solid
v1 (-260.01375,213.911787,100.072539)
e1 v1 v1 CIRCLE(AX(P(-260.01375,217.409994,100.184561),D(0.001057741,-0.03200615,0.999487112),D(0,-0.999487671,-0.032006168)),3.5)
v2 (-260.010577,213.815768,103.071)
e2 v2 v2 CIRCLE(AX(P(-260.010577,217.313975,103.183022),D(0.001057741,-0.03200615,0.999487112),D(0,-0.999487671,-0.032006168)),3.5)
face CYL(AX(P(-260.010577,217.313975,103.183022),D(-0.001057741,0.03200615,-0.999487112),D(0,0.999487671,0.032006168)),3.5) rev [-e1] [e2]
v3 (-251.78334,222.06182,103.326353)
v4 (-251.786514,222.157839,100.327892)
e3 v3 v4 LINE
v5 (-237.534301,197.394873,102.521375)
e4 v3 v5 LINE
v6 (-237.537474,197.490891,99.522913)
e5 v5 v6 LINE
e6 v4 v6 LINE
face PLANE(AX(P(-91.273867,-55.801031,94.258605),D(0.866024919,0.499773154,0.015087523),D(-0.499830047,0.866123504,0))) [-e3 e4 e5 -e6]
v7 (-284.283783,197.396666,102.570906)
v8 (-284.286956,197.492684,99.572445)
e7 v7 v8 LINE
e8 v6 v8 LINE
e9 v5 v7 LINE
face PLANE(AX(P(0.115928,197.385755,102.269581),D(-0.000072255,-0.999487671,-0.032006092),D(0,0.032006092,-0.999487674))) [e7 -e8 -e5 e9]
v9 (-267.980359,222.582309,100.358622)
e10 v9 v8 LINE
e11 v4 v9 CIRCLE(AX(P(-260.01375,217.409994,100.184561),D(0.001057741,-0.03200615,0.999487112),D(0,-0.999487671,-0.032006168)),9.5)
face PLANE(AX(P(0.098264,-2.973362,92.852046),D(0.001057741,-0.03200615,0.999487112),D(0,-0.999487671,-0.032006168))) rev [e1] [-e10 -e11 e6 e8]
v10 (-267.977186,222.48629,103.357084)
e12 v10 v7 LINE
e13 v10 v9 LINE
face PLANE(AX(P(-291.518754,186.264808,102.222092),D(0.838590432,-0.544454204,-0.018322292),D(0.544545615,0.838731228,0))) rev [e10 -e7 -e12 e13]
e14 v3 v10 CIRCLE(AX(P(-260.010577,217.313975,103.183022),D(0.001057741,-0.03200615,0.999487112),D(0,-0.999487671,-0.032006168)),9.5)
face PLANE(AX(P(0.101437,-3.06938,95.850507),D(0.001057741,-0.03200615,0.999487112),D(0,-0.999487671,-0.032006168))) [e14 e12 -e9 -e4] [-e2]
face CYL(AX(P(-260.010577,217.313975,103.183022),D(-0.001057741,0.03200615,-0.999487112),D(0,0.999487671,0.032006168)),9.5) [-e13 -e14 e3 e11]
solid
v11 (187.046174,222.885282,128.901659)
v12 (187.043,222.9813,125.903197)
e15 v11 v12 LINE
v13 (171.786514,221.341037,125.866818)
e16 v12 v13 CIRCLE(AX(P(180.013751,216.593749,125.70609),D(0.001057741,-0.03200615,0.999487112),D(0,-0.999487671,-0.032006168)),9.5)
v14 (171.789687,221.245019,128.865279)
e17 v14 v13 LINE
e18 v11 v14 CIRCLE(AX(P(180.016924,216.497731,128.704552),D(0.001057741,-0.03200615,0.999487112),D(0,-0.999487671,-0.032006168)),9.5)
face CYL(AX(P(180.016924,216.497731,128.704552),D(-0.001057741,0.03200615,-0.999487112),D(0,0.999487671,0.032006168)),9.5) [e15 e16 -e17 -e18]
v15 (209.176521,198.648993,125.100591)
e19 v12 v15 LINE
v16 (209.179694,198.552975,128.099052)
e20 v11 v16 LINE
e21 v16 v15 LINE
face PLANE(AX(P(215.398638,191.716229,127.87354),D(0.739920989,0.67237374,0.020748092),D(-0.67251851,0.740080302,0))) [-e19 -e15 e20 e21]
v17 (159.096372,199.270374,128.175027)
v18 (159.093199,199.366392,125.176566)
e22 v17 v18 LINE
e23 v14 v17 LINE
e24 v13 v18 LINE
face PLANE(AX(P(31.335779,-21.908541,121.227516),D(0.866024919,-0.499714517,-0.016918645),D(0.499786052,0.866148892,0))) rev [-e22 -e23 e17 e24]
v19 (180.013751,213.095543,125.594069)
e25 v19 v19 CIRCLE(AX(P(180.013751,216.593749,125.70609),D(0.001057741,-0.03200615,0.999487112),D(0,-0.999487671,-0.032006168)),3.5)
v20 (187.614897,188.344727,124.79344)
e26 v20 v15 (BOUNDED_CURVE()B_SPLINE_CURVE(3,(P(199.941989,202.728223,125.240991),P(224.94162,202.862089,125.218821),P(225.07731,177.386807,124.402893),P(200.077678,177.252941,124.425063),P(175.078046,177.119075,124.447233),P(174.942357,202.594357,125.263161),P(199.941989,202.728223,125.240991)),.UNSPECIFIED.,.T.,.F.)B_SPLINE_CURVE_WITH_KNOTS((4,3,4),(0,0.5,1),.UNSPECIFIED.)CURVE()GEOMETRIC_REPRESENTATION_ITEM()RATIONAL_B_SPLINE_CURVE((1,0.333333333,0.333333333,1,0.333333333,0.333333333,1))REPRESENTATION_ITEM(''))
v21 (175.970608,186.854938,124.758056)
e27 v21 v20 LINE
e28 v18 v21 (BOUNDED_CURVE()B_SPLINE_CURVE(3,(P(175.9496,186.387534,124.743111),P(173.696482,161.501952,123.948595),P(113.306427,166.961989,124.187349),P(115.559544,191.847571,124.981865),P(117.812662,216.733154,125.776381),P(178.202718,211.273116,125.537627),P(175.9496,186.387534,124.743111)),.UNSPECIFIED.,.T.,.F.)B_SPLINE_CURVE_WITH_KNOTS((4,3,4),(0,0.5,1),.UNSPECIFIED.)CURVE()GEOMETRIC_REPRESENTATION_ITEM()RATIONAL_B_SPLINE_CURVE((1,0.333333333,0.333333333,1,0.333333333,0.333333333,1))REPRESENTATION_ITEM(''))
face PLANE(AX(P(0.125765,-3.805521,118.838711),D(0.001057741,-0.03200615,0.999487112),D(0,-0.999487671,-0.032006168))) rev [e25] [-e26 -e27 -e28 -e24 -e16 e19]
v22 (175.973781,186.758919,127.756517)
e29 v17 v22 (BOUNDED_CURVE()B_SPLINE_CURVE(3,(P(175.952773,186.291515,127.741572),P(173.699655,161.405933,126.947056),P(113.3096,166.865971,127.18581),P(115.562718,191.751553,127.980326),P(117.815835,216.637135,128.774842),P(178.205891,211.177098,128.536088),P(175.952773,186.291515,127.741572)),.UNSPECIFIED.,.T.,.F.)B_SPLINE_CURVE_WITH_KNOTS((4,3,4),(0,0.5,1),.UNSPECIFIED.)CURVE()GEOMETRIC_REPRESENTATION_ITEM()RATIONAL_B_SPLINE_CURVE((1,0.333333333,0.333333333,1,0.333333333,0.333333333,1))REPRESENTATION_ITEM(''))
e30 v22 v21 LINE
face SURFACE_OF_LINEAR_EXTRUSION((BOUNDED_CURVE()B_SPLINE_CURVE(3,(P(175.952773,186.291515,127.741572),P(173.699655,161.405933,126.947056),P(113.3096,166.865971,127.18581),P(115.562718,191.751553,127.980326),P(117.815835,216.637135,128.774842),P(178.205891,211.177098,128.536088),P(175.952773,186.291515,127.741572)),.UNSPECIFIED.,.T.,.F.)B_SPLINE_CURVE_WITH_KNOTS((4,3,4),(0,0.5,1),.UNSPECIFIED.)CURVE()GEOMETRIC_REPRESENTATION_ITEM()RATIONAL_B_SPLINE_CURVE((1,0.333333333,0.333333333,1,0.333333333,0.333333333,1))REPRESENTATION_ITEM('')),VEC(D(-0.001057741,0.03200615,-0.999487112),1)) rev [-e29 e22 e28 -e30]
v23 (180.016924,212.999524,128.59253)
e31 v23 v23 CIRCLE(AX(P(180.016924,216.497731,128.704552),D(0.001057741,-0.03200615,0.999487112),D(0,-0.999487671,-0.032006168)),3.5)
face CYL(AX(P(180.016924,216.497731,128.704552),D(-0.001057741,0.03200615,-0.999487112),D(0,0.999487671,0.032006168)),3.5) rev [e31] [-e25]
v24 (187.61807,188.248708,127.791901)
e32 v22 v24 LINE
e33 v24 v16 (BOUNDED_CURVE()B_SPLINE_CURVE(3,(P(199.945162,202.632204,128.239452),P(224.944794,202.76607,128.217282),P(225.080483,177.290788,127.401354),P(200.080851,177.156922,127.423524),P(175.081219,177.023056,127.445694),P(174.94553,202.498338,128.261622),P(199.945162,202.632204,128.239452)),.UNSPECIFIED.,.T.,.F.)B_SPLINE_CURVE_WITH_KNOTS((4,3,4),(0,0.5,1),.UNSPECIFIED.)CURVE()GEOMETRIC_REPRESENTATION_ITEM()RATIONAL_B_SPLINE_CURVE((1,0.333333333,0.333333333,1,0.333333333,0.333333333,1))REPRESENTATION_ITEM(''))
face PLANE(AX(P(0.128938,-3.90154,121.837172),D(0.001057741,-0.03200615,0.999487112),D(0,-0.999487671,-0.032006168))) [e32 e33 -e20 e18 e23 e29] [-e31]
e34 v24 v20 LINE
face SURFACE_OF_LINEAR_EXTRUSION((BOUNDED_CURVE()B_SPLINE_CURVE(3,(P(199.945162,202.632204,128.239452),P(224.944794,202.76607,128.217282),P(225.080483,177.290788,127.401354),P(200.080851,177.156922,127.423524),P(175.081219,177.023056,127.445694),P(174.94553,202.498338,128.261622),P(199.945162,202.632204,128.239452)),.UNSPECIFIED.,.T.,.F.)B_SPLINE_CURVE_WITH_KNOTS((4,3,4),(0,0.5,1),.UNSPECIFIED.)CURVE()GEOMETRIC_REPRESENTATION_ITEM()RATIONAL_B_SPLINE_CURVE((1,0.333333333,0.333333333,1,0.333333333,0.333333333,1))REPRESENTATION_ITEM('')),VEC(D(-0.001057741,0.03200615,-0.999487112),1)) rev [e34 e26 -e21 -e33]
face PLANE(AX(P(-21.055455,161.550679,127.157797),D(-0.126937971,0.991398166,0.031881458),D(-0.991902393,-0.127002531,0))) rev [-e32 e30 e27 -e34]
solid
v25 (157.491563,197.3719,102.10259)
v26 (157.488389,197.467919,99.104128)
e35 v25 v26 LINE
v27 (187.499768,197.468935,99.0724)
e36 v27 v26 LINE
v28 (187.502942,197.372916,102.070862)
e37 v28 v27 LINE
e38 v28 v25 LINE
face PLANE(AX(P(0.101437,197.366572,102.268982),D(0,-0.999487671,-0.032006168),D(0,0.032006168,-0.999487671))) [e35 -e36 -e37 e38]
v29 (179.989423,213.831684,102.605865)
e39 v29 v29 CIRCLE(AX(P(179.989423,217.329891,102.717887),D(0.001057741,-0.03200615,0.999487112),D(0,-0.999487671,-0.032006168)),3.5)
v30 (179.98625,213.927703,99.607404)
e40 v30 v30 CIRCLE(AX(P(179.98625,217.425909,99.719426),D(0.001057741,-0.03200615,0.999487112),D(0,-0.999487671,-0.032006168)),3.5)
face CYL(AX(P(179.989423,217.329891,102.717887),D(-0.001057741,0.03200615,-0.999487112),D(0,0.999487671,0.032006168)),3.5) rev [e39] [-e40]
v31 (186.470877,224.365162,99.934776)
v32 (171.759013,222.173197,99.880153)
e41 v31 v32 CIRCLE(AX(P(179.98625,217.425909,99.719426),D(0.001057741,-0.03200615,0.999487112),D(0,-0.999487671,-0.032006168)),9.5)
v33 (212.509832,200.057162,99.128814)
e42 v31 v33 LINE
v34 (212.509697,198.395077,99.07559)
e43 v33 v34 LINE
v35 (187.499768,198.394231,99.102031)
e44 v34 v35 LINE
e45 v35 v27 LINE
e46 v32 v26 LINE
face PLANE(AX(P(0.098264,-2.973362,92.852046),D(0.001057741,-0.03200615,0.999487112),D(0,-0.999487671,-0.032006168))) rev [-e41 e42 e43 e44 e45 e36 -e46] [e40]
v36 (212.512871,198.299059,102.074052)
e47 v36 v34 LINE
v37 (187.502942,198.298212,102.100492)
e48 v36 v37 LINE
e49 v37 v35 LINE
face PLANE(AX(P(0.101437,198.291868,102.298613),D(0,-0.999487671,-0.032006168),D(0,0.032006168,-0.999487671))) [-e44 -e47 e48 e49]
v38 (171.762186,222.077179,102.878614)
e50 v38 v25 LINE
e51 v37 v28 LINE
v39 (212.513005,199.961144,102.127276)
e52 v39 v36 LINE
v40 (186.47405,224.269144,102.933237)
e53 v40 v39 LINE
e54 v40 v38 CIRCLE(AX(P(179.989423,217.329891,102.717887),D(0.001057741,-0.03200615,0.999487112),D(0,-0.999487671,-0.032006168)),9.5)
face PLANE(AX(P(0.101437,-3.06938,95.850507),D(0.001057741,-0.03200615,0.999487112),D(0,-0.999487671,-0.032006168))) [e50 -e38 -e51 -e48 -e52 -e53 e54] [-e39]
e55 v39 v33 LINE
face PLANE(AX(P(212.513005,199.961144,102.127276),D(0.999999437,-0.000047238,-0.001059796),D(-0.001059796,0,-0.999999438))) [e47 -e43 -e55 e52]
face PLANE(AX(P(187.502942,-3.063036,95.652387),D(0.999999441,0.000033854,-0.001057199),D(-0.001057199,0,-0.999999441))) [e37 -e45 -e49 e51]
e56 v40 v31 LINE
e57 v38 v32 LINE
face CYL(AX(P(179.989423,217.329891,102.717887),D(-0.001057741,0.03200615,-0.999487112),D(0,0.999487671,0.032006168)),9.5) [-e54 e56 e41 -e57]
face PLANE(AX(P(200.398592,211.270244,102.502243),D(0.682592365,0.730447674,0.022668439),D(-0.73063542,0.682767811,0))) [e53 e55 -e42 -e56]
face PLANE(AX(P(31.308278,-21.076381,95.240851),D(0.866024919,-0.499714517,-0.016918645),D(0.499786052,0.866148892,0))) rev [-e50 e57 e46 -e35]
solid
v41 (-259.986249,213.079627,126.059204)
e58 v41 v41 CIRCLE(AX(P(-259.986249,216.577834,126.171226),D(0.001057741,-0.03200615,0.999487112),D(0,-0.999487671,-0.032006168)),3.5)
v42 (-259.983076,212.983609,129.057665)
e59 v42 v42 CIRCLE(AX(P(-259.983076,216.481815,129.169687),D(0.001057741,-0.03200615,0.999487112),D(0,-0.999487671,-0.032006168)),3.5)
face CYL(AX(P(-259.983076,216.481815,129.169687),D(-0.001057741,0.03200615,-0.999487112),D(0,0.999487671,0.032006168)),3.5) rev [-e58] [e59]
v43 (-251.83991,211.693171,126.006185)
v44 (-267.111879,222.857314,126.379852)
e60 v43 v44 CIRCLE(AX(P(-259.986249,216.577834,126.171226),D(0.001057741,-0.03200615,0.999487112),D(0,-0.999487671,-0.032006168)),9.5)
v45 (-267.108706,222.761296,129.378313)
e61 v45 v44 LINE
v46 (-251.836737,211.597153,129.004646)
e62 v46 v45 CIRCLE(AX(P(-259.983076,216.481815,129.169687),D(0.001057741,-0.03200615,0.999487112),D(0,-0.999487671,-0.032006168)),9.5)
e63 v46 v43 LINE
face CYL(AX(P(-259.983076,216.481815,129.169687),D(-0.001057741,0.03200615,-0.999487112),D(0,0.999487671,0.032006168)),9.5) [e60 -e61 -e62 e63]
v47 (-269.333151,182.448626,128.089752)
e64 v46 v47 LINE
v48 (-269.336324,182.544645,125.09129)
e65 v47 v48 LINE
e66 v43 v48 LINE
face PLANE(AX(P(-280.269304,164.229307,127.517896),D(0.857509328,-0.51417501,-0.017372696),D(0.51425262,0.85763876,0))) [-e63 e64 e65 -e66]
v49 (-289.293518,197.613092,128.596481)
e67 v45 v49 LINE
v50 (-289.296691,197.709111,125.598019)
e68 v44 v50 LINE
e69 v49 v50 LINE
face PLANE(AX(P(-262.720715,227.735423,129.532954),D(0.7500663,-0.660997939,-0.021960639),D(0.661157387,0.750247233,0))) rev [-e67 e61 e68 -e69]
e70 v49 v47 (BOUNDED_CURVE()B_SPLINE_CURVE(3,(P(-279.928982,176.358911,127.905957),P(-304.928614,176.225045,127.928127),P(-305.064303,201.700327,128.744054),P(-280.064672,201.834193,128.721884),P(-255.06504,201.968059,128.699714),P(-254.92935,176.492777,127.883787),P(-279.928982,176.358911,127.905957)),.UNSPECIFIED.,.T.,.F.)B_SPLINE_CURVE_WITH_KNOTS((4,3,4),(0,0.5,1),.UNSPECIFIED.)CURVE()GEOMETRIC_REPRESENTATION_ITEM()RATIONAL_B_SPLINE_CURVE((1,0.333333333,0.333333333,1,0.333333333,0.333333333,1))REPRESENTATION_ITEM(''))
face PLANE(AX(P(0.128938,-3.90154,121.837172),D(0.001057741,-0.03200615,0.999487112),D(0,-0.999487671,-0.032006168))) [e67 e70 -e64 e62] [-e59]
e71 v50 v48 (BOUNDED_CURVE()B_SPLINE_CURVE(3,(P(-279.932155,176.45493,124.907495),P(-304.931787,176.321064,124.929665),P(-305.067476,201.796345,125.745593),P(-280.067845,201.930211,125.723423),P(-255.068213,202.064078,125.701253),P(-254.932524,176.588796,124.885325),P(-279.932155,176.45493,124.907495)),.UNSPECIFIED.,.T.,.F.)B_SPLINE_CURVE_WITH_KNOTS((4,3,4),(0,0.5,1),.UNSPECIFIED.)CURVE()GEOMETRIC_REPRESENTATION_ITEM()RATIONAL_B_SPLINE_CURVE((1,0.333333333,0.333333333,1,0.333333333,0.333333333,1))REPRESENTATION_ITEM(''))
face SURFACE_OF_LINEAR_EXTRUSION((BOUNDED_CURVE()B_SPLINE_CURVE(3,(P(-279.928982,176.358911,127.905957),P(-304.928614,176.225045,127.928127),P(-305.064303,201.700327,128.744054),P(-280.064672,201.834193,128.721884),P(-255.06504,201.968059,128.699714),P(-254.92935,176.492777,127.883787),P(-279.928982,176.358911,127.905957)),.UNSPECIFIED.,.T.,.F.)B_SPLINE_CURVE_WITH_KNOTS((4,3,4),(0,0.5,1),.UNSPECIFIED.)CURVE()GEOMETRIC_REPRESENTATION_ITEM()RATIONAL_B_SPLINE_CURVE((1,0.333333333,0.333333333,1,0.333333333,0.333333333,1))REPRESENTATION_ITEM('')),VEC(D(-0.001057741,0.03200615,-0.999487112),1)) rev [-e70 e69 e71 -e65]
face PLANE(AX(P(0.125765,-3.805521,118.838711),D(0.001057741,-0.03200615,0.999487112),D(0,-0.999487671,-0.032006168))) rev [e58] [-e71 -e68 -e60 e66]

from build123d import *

# Parameters (mm, degrees)
SZKIC1_R                      = 3.5
DODANIE_WYCI_GNI_CIE1_DEPTH   = 3
DODANIE_WYCI_GNI_CIE1_2_DEPTH = 3
SZKIC2_R                      = 3.5
DODANIE_WYCI_GNI_CIE2_DEPTH   = 3
DODANIE_WYCI_GNI_CIE2_2_DEPTH = 3


with BuildPart() as part:
    # Szkic1 → Dodanie-wyciągnięcie1 (new body)
    with BuildSketch(Plane(origin=(0.125765066, -3.805521466, 118.838710879), x_dir=(0.999999441, 3.3854e-05, -0.001057199), z_dir=(0.001057741, -0.03200615, 0.999487112))):
        with BuildLine():
            ThreePointArc((-251.965816374, 215.617689907), (-254.503699361, 228.172933409), (-267.237793388, 226.788072858))
            Line((-267.237793388, 226.788072858), (-289.422618248, 201.6277301))
            add(Edge.make_bspline(
                [(-289.422618248, 201.6277301), (-286.808552781, 204.592404537), (-283.407283221, 205.833574434), (-280.193766535, 205.850681883), (-270.834495382, 205.900506817), (-262.792202195, 197.572371375), (-269.462240018, 186.454814776)],
                knots=[0.346618378, 0.346618378, 0.346618378, 0.346618378, 0.5, 0.5, 0.5, 0.821122795, 0.821122795, 0.821122795, 0.821122795], degree=3, weights=[0.574680887, 0.653718133, 0.79549117, 1, 0.571836274, 0.418658812, 0.540467615]))
            Line((-269.462240018, 186.454814776), (-251.965816374, 215.617689907))
        make_face()
        with Locations((-260.112159551, 220.505132271)):
            Circle(SZKIC1_R, mode=Mode.SUBTRACT)
    extrude(amount=DODANIE_WYCI_GNI_CIE1_DEPTH)


with BuildPart() as body_2:
    # Szkic1 → Dodanie-wyci_gni_cie1 2 (new body)
    with BuildSketch(Plane(origin=(0.125765066, -3.805521466, 118.838710879), x_dir=(0.999999441, 3.3854e-05, -0.001057199), z_dir=(0.001057741, -0.03200615, 0.999487112))):
        with BuildLine():
            Line((209.050872979, 202.551210442), (186.91733989, 226.896739247))
            ThreePointArc((186.91733989, 226.896739247), (178.872372552, 229.951697855), (171.660845224, 225.256152606))
            Line((171.660845224, 225.256152606), (158.967522927, 203.27067347))
            add(Edge.make_bspline(
                [(158.967522927, 203.27067347), (170.737920376, 199.98415846), (175.843611608, 195.08979588), (175.844941209, 190.752233729)],
                knots=[0.803274238, 0.803274238, 0.803274238, 0.803274238, 0.990815919, 0.990815919, 0.990815919, 0.990815919], degree=3, weights=[0.522705155, 0.575991236, 0.723069003, 0.963938456]))
            Line((175.844941209, 190.752233729), (187.48923709, 192.242392262))
            add(Edge.make_bspline(
                [(187.48923709, 192.242392262), (186.295981012, 201.566653094), (192.964200275, 206.596365575), (199.816335243, 206.63284354)],
                knots=[0.734440243, 0.734440243, 0.734440243, 0.734440243, 1, 1, 1, 1], degree=3, weights=[0.501936848, 0.479899273, 0.645920324, 1]))
            add(Edge.make_bspline(
                [(199.816335243, 206.63284354), (203.012558551, 206.649858927), (206.408564562, 205.457587631), (209.050872979, 202.551210442)],
                knots=[0, 0, 0, 0, 0.152724288, 0.152724288, 0.152724288, 0.152724288], degree=3, weights=[1, 0.796367616, 0.654934453, 0.575700513]))
        make_face()
        with Locations((179.88808656, 220.506152606)):
            Circle(SZKIC1_R, mode=Mode.SUBTRACT)
    extrude(amount=DODANIE_WYCI_GNI_CIE1_2_DEPTH)


with BuildPart() as body_3:
    # Szkic2 → Dodanie-wyciągnięcie2 (new body)
    with BuildSketch(Plane(origin=(0.098263803, -2.973361554, 92.852045961), x_dir=(0.999999441, 3.3854e-05, -0.001057199), z_dir=(0.001057741, -0.03200615, 0.999487112))):
        with BuildLine():
            Line((186.372717659, 227.448742865), (212.411687249, 203.127400877))
            add(Edge.make_bspline(
                [(212.411687249, 203.127400877), (212.411680046, 202.573087425), (212.411635073, 202.018774306), (212.411552328, 201.46446403)],
                knots=[0, 0, 0, 0, 0.728559565, 0.728559565, 0.728559565, 0.728559565], degree=3, weights=[1, 0.999997926, 0.999997363, 0.999998311]))
            Line((212.411552328, 201.46446403), (187.401609388, 201.46446403))
            Line((187.401609388, 201.46446403), (187.401609388, 200.538693566))
            Line((187.401609388, 200.538693566), (157.390213594, 200.538693566))
            Line((157.390213594, 200.538693566), (171.660845224, 225.256152606))
            ThreePointArc((171.660845224, 225.256152606), (178.487716745, 229.902373356), (186.372717659, 227.448742865))
        make_face()
        with Locations((179.88808656, 220.506152606)):
            Circle(SZKIC2_R, mode=Mode.SUBTRACT)
    extrude(amount=DODANIE_WYCI_GNI_CIE2_DEPTH)


with BuildPart() as body_4:
    # Szkic2 → Dodanie-wyci_gni_cie2 2 (new body)
    with BuildSketch(Plane(origin=(0.098263803, -2.973361554, 92.852045961), x_dir=(0.999999441, 3.3854e-05, -0.001057199), z_dir=(0.001057741, -0.03200615, 0.999487112))):
        with BuildLine():
            Line((-268.078773116, 225.680368333), (-284.385378892, 200.578435743))
            Line((-284.385378892, 200.578435743), (-237.635870616, 200.57505787))
            Line((-237.635870616, 200.57505787), (-251.884918215, 225.255132271))
            ThreePointArc((-251.884918215, 225.255132271), (-259.862784059, 230.001858647), (-268.078773116, 225.680368333))
        make_face()
        with Locations((-260.112159551, 220.505132271)):
            Circle(SZKIC2_R, mode=Mode.SUBTRACT)
    extrude(amount=DODANIE_WYCI_GNI_CIE2_2_DEPTH)


solid = Compound([part.part, body_2.part, body_3.part, body_4.part])
